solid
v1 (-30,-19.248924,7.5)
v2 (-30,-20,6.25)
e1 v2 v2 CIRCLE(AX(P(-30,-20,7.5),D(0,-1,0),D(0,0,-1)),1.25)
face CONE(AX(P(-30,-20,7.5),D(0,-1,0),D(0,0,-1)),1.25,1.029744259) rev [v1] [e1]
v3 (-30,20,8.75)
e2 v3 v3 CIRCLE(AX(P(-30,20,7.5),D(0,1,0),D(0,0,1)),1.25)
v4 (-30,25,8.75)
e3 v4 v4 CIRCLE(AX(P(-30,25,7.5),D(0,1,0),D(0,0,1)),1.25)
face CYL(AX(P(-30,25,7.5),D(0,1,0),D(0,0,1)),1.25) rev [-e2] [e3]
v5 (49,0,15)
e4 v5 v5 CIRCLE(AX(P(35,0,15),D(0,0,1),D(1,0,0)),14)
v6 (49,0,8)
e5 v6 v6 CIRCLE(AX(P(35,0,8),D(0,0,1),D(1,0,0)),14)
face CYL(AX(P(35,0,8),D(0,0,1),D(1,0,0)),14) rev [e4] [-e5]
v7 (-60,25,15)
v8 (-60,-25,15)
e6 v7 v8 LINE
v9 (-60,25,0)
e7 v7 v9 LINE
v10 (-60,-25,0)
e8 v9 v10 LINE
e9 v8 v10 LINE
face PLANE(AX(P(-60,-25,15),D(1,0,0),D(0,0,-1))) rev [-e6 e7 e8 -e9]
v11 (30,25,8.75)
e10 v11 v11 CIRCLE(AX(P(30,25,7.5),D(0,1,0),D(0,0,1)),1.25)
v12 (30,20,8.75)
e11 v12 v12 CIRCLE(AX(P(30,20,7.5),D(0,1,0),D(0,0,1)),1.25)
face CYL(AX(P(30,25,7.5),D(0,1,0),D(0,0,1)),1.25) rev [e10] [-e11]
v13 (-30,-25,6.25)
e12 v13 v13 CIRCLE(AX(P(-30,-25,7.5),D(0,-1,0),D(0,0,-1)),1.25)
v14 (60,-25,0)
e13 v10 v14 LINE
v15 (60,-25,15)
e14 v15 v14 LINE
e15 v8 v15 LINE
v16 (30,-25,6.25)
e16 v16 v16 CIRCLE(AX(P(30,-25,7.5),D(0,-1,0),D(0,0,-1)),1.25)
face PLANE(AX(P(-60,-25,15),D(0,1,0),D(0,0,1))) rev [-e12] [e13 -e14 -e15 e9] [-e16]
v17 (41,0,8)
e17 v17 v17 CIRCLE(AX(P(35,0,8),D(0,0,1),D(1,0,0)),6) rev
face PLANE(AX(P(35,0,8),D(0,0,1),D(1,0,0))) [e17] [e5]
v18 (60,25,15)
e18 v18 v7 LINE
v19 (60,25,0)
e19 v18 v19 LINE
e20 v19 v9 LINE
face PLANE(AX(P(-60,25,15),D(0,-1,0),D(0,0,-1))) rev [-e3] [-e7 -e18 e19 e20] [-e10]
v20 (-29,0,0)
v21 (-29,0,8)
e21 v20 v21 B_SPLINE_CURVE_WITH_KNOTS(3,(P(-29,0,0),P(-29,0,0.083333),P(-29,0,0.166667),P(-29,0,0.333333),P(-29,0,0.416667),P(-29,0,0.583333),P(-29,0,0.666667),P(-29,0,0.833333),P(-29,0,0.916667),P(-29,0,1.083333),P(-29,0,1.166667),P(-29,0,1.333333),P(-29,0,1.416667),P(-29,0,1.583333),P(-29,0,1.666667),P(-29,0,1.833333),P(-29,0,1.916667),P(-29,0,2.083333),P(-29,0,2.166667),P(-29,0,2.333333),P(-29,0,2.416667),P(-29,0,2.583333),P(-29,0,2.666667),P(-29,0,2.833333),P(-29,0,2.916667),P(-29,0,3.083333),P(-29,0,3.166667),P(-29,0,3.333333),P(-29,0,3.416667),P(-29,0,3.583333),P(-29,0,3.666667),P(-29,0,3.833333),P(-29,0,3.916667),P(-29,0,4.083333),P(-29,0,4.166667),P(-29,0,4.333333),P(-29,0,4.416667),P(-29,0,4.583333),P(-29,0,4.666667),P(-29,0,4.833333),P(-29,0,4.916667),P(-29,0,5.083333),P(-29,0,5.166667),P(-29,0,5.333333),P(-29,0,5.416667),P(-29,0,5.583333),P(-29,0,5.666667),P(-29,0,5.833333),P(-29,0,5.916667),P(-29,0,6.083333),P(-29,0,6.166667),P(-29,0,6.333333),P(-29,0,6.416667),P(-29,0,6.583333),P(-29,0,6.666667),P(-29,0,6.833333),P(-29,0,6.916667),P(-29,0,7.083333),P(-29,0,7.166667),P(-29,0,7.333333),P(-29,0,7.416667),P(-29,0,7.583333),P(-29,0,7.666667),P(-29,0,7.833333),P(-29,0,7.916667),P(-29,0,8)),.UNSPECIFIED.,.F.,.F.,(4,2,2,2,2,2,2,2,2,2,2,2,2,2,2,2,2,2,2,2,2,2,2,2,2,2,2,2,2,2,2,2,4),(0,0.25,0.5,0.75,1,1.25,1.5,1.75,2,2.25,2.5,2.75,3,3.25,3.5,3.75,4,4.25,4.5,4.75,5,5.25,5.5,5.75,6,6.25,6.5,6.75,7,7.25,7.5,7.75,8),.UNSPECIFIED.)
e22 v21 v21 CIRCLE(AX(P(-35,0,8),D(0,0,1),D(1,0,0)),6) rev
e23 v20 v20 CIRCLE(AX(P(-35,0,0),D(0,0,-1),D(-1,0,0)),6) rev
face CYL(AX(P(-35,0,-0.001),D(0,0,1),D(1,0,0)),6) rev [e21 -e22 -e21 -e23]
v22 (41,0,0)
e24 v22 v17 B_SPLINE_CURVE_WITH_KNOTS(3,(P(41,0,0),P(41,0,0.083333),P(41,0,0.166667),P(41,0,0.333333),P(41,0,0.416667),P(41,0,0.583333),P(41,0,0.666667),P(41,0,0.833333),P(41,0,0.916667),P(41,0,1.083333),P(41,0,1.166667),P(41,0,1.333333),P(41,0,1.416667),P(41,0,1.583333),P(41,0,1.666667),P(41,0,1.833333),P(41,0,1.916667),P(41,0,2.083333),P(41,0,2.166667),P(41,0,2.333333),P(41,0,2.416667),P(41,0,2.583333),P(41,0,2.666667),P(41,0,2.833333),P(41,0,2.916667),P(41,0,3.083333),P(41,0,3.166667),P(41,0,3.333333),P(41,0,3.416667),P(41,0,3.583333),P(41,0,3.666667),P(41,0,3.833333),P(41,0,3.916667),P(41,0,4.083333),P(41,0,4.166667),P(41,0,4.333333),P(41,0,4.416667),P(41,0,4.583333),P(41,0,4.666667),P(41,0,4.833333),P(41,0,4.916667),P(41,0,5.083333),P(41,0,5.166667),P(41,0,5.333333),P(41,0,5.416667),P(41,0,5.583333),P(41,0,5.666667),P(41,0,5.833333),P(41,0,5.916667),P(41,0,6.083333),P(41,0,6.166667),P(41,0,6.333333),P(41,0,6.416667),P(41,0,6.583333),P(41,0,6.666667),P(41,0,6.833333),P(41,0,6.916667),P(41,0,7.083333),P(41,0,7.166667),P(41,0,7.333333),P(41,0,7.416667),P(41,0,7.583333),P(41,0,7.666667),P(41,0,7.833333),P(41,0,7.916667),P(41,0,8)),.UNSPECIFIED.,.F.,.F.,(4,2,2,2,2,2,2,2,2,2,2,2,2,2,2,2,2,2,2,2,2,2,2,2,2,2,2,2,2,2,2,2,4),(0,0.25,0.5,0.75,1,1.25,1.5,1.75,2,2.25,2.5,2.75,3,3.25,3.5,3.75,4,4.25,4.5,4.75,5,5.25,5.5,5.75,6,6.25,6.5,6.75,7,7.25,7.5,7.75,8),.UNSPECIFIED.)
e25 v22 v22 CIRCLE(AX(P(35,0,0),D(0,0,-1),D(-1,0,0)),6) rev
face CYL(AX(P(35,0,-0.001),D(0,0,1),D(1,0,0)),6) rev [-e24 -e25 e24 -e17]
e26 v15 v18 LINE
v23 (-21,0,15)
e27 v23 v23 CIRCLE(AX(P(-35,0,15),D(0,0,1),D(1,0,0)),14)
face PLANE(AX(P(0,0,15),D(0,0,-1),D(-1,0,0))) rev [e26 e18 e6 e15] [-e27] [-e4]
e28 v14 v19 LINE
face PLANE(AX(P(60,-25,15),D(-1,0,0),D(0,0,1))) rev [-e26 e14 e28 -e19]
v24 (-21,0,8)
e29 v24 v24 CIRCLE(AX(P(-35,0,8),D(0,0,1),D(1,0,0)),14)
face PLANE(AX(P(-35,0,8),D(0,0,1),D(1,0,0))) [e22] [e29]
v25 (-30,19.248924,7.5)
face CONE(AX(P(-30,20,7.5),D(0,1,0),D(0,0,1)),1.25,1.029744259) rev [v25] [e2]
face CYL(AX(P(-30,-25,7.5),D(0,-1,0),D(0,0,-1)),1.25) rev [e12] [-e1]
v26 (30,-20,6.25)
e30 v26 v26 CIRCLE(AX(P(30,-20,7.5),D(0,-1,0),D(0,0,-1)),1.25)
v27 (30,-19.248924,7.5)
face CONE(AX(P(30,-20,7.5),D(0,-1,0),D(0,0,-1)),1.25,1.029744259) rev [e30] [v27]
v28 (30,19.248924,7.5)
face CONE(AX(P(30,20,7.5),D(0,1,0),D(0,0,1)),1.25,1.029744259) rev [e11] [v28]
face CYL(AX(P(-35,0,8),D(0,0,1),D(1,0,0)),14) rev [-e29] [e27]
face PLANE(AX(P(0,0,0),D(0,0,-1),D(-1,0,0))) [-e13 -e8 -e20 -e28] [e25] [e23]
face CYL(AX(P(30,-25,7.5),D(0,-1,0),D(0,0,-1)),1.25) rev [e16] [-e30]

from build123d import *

# Parameters (mm, degrees)
SKETCH_1_W             = 120
SKETCH_1_H             = 50
EXTRUDE_1_DEPTH        = 15
CUT_EXTRUDE_1_REACH    = 68.708
SKETCH_2_R             = 6
HOLE_WIZARD_M3_1_D     = 2.5
HOLE_WIZARD_M3_1_DEPTH = 5
HOLE_WIZARD_M3_1_TIP   = 0.751075774
HOLE_WIZARD_M3_2_D     = 2.5
HOLE_WIZARD_M3_2_DEPTH = 5
HOLE_WIZARD_M3_2_TIP   = 0.751075774
SKETCH_19_R            = 14
CUT_EXTRUDE_3_DEPTH    = 7


with BuildPart() as part:
    # 草图1 → 凸台-拉伸1 (new body)
    with BuildSketch(Plane.XY):
        Rectangle(SKETCH_1_W, SKETCH_1_H)
    extrude(amount=EXTRUDE_1_DEPTH)

    # 草图2 → 切除-拉伸1 (cut, up to next)
    with BuildSketch(Plane.XY.offset(15), mode=Mode.PRIVATE) as cut_extrude_1_sk1:
        with Locations((-35, 0)):
            Circle(SKETCH_2_R)
    cut_extrude_1_tool1 = extrude(cut_extrude_1_sk1.sketch, amount=-CUT_EXTRUDE_1_REACH, mode=Mode.PRIVATE) & part.part
    # 草图2 → 切除-拉伸1 (cut, up to next)
    with BuildSketch(Plane.XY.offset(15), mode=Mode.PRIVATE) as cut_extrude_1_sk2:
        with Locations((35, 0)):
            Circle(SKETCH_2_R)
    cut_extrude_1_tool2 = extrude(cut_extrude_1_sk2.sketch, amount=-CUT_EXTRUDE_1_REACH, mode=Mode.PRIVATE) & part.part
    add(cut_extrude_1_tool1.solids().sort_by_distance((-35, 0, 15))[0], mode=Mode.SUBTRACT)
    add(cut_extrude_1_tool2.solids().sort_by_distance((35, 0, 15))[0], mode=Mode.SUBTRACT)

    # M3 螺纹孔1
    with Locations(Plane(origin=(0, 25, 0), x_dir=(1, 0, 0), z_dir=(0, 1, 0))):
        with Locations((30, -7.5), (-30, -7.5)):
            Hole(HOLE_WIZARD_M3_1_D / 2, depth=HOLE_WIZARD_M3_1_DEPTH)
            with Locations((0, 0, -(HOLE_WIZARD_M3_1_DEPTH + HOLE_WIZARD_M3_1_TIP / 2))):  # 118° drill point
                Cone(0, HOLE_WIZARD_M3_1_D / 2, HOLE_WIZARD_M3_1_TIP, mode=Mode.SUBTRACT)

    # M3 螺纹孔2
    with Locations(Plane(origin=(0, -25, 0), x_dir=(-1, 0, 0), z_dir=(0, -1, 0))):
        with Locations((-30, -7.5), (30, -7.5)):
            Hole(HOLE_WIZARD_M3_2_D / 2, depth=HOLE_WIZARD_M3_2_DEPTH)
            with Locations((0, 0, -(HOLE_WIZARD_M3_2_DEPTH + HOLE_WIZARD_M3_2_TIP / 2))):  # 118° drill point
                Cone(0, HOLE_WIZARD_M3_2_D / 2, HOLE_WIZARD_M3_2_TIP, mode=Mode.SUBTRACT)

    # 草图19 → 切除-拉伸3 (cut)
    with BuildSketch(Plane.XY.offset(15)):
        with Locations((-35, 0)):
            Circle(SKETCH_19_R)
        with Locations((35, 0)):
            Circle(SKETCH_19_R)
    extrude(amount=-CUT_EXTRUDE_3_DEPTH, mode=Mode.SUBTRACT)


solid = part.part
